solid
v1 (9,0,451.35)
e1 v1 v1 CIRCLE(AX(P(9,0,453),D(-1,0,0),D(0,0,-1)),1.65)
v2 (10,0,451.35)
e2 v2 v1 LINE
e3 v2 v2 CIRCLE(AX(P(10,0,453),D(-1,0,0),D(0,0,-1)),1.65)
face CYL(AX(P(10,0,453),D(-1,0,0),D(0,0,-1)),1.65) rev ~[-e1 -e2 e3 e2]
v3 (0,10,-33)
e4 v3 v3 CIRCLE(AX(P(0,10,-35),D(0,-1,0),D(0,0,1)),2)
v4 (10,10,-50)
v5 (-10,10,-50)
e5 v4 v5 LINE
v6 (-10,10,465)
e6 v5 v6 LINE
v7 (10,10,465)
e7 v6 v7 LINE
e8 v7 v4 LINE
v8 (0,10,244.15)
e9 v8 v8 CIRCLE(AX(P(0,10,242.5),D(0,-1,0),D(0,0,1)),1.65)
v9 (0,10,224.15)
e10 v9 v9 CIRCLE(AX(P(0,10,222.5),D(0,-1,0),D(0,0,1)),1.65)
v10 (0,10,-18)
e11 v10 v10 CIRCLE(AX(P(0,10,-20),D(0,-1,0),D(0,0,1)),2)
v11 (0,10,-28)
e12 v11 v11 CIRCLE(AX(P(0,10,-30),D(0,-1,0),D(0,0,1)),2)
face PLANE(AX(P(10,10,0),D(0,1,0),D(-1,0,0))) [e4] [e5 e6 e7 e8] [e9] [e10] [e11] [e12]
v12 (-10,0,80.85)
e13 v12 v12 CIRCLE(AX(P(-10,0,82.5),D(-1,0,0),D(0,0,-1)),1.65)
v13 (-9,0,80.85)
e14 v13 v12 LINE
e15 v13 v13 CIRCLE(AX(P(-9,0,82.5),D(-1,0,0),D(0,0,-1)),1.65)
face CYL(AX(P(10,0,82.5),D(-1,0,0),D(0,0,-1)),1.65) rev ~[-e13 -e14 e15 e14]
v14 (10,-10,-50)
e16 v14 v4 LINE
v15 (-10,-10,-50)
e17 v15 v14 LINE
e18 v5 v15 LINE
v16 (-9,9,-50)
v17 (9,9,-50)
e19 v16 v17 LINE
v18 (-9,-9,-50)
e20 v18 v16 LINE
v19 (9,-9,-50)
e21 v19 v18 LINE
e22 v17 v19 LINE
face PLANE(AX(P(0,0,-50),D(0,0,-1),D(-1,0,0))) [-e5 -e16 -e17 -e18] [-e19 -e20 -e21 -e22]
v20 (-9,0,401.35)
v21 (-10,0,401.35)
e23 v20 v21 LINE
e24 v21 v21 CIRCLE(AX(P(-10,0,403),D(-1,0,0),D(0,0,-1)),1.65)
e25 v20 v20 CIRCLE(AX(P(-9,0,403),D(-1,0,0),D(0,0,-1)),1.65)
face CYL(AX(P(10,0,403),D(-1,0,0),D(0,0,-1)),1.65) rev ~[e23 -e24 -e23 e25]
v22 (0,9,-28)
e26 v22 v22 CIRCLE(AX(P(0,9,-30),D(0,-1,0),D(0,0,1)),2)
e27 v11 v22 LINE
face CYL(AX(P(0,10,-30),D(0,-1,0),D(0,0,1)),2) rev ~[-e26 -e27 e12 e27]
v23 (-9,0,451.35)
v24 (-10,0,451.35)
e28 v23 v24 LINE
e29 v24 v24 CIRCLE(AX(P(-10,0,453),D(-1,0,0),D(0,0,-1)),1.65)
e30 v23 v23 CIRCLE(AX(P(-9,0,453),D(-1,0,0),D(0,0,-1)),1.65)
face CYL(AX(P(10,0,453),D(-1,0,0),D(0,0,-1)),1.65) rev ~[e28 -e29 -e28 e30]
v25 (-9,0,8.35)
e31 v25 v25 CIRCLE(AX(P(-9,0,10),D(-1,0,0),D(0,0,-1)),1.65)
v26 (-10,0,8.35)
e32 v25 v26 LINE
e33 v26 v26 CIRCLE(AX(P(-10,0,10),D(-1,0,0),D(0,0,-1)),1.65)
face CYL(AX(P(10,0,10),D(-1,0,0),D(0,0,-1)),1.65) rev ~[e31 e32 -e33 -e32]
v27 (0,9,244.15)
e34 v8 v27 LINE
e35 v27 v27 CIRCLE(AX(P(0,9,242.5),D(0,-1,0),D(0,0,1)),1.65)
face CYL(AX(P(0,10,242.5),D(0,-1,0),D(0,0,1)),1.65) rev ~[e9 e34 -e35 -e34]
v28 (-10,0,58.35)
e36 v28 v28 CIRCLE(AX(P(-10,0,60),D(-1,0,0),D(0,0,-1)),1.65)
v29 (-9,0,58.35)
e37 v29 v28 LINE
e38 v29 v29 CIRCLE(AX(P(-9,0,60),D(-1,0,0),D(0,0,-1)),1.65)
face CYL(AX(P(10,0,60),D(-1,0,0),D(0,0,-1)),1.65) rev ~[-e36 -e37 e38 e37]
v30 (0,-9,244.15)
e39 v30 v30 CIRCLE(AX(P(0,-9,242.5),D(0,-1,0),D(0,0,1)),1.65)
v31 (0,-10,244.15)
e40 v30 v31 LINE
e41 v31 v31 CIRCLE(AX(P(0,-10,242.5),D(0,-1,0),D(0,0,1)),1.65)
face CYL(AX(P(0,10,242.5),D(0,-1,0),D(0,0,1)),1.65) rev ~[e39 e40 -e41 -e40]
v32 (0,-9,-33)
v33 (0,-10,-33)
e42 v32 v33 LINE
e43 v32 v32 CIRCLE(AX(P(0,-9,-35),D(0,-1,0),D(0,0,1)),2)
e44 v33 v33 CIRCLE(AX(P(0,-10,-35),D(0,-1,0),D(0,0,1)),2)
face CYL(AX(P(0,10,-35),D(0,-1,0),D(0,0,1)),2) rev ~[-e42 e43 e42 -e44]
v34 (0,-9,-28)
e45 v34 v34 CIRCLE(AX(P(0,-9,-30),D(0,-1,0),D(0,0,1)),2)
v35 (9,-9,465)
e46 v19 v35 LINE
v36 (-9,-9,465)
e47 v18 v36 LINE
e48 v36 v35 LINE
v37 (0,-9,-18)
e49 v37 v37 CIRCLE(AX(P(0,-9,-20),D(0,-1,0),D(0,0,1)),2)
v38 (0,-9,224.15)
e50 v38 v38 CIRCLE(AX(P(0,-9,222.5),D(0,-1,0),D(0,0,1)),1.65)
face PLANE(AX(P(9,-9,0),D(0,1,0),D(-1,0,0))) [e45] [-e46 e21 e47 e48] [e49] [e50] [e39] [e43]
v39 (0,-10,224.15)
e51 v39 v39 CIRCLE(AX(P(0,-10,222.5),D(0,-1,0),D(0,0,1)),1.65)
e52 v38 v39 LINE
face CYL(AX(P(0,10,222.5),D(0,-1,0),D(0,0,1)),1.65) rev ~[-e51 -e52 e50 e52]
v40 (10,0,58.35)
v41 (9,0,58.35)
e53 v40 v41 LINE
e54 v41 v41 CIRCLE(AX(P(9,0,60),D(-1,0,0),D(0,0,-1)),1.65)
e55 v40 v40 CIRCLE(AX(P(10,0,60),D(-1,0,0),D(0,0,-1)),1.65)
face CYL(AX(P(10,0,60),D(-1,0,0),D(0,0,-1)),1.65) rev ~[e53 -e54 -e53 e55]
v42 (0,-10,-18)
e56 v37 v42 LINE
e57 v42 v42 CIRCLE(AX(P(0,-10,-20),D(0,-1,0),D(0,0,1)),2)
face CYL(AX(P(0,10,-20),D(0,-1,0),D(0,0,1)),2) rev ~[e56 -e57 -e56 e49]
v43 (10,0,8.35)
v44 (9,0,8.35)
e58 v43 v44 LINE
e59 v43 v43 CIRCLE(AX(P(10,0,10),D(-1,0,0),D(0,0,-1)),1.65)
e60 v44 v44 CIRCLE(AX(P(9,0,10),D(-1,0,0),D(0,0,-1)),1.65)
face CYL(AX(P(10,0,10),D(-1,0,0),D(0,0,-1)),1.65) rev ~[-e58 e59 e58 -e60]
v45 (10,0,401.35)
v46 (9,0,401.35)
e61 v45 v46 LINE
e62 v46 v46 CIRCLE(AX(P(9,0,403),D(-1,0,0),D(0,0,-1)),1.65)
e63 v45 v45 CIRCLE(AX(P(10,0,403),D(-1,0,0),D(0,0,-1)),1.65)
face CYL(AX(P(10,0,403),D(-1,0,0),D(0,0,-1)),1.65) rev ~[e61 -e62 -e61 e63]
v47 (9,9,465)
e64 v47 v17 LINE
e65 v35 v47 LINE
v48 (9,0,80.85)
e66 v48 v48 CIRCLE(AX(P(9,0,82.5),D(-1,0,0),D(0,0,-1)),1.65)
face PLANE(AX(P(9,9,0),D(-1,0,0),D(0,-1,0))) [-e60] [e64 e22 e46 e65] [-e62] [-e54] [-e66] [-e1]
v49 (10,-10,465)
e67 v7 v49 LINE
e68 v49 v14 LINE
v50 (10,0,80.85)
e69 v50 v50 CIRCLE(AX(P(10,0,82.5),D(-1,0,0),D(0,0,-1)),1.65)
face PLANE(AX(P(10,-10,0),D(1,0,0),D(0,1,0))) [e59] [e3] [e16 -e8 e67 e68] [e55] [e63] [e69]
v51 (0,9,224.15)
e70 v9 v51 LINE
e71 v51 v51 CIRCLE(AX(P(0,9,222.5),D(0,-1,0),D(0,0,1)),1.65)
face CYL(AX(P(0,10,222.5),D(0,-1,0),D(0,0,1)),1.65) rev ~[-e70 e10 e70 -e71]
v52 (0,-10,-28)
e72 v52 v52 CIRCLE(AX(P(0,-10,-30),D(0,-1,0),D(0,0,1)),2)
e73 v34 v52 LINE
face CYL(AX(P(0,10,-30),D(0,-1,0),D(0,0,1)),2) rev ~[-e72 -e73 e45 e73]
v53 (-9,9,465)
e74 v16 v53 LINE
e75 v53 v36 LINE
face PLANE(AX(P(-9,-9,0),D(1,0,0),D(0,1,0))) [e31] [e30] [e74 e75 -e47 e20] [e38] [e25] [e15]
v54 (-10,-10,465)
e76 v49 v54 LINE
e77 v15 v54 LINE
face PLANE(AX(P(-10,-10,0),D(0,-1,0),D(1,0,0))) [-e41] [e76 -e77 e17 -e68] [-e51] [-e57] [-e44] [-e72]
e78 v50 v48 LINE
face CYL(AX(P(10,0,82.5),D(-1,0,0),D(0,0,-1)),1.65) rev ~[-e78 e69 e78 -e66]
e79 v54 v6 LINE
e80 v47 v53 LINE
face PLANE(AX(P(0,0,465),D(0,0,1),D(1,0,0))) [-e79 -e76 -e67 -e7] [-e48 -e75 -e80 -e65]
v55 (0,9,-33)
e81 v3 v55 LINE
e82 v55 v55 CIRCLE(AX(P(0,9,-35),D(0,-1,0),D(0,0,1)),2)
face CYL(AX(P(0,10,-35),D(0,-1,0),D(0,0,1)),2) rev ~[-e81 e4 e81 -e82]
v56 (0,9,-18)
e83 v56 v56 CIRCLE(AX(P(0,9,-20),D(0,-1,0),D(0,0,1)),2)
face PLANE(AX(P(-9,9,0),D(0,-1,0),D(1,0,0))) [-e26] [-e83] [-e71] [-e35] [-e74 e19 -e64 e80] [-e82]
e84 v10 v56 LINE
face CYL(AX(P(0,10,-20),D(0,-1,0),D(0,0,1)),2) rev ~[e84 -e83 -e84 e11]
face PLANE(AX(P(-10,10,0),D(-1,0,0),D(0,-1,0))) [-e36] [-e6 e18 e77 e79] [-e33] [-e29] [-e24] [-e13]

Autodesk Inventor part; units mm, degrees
ref_plane "YZ Plane" through (0, 0, 0) normal (1, 0, 0) x (0, 1, 0)
ref_plane "XZ Plane" through (0, 0, 0) normal (0, 1, 0) x (-1, 0, 0)
ref_plane "XY Plane" through (0, 0, 0) normal (0, 0, 1) x (1, 0, 0)
sketch "スケッチ1" plane through (0, 0, 0) normal (0, 0, 1) x (1, 0, 0)
  line L0 (10, -10) -> (-10, -10)
  line L1 (-10, -10) -> (-10, 10)
  line L2 (-10, 10) -> (10, 10)
  line L3 (10, 10) -> (10, -10)
  line L4 (10, -10) -> (-10, 10) construction
  line L5 (-10, -10) -> (10, 10) construction
  line L6 (9, 9) -> (-9, 9)
  line L7 (-9, 9) -> (-9, -9)
  line L8 (-9, -9) -> (9, -9)
  line L9 (9, -9) -> (9, 9)
  point P0 (0, 0)
  dimension "d0" = 20
  dimension "d1" = 20
  dimension "d2" = 1
extrude "押し出し1" add sketch "スケッチ1" along normal blind 465
sketch "スケッチ2" plane through (10, -10, 0) normal (1, 0, 0) x (0, 0, -1)
  line L0 (0, 10) -> (-465, 10)
  line L1 (-465, 0) -> (-465, 20) projected
  line L2 (0, 0) -> (0, 20) projected
  point P0 (-403, 10)
  point P1 (-60, 10)
  point P2 (-10, 10)
  point P3 (-453, 10)
  point P4 (-82.5, 10)
  point P5 (-232.5, 10)
  dimension "d5" = 343
  dimension "d6" = 50
  dimension "d7" = 10
  dimension "d15" = 50
  dimension "d17" = 465
  dimension "d28" = 150
hole "穴1" at (10, 0, 403) at (10, 0, 60) at (10, 0, 10) at (10, 0, 453) at (10, 0, 82.5) direction (-1, 0, 0) diameter 3.3 end through all
sketch "スケッチ3" plane through (-10, 10, 0) normal (0, 1, 0) x (1, 0, 0)
  line L0 (10, 0) -> (10, -465)
  line L1 (20, -465) -> (0, -465) projected
  point P0 (10, -242.5)
  point P1 (10, -222.5)
  point P2 (10, -232.5)
  dimension "d19" = 20
  dimension "d20" = 10
hole "穴2" at (0, 10, 242.5) at (0, 10, 222.5) direction (0, -1, 0) diameter 3.3 end through all
sketch "スケッチ6" plane through (0, 0, 0) normal (0, 0, -1) x (-1, 0, 0)
  line L0 (-10, 10) -> (10, 10) projected
  line L1 (-10, -10) -> (-10, 10) projected
  line L2 (10, -10) -> (-10, -10) projected
  line L3 (10, 10) -> (10, -10) projected
  line L4 (-9, 9) -> (-9, -9) projected
  line L5 (9, 9) -> (-9, 9) projected
  line L6 (9, -9) -> (9, 9) projected
  line L7 (-9, -9) -> (9, -9) projected
  point P0 (0, 0)
extrude "押し出し4" add sketch "スケッチ6" along normal blind 50
sketch "スケッチ7" plane through (-10, 10, 465) normal (0, 1, 0) x (1, 0, 0)
  line L0 (10, 465) -> (10, 515)
  line L1 (1, 515) -> (19, 515) projected
  point P0 (10, 500)
  point P1 (10, 485)
  point P2 (10, 495)
  dimension "d44" = 35
  dimension "d52" = 10
  dimension "d53" = 5
hole "穴3" at (0, 10, -30) at (0, 10, -20) at (0, 10, -35) direction (0, -1, 0) diameter 4 end through all
properties part number "kaku_2020_465"
